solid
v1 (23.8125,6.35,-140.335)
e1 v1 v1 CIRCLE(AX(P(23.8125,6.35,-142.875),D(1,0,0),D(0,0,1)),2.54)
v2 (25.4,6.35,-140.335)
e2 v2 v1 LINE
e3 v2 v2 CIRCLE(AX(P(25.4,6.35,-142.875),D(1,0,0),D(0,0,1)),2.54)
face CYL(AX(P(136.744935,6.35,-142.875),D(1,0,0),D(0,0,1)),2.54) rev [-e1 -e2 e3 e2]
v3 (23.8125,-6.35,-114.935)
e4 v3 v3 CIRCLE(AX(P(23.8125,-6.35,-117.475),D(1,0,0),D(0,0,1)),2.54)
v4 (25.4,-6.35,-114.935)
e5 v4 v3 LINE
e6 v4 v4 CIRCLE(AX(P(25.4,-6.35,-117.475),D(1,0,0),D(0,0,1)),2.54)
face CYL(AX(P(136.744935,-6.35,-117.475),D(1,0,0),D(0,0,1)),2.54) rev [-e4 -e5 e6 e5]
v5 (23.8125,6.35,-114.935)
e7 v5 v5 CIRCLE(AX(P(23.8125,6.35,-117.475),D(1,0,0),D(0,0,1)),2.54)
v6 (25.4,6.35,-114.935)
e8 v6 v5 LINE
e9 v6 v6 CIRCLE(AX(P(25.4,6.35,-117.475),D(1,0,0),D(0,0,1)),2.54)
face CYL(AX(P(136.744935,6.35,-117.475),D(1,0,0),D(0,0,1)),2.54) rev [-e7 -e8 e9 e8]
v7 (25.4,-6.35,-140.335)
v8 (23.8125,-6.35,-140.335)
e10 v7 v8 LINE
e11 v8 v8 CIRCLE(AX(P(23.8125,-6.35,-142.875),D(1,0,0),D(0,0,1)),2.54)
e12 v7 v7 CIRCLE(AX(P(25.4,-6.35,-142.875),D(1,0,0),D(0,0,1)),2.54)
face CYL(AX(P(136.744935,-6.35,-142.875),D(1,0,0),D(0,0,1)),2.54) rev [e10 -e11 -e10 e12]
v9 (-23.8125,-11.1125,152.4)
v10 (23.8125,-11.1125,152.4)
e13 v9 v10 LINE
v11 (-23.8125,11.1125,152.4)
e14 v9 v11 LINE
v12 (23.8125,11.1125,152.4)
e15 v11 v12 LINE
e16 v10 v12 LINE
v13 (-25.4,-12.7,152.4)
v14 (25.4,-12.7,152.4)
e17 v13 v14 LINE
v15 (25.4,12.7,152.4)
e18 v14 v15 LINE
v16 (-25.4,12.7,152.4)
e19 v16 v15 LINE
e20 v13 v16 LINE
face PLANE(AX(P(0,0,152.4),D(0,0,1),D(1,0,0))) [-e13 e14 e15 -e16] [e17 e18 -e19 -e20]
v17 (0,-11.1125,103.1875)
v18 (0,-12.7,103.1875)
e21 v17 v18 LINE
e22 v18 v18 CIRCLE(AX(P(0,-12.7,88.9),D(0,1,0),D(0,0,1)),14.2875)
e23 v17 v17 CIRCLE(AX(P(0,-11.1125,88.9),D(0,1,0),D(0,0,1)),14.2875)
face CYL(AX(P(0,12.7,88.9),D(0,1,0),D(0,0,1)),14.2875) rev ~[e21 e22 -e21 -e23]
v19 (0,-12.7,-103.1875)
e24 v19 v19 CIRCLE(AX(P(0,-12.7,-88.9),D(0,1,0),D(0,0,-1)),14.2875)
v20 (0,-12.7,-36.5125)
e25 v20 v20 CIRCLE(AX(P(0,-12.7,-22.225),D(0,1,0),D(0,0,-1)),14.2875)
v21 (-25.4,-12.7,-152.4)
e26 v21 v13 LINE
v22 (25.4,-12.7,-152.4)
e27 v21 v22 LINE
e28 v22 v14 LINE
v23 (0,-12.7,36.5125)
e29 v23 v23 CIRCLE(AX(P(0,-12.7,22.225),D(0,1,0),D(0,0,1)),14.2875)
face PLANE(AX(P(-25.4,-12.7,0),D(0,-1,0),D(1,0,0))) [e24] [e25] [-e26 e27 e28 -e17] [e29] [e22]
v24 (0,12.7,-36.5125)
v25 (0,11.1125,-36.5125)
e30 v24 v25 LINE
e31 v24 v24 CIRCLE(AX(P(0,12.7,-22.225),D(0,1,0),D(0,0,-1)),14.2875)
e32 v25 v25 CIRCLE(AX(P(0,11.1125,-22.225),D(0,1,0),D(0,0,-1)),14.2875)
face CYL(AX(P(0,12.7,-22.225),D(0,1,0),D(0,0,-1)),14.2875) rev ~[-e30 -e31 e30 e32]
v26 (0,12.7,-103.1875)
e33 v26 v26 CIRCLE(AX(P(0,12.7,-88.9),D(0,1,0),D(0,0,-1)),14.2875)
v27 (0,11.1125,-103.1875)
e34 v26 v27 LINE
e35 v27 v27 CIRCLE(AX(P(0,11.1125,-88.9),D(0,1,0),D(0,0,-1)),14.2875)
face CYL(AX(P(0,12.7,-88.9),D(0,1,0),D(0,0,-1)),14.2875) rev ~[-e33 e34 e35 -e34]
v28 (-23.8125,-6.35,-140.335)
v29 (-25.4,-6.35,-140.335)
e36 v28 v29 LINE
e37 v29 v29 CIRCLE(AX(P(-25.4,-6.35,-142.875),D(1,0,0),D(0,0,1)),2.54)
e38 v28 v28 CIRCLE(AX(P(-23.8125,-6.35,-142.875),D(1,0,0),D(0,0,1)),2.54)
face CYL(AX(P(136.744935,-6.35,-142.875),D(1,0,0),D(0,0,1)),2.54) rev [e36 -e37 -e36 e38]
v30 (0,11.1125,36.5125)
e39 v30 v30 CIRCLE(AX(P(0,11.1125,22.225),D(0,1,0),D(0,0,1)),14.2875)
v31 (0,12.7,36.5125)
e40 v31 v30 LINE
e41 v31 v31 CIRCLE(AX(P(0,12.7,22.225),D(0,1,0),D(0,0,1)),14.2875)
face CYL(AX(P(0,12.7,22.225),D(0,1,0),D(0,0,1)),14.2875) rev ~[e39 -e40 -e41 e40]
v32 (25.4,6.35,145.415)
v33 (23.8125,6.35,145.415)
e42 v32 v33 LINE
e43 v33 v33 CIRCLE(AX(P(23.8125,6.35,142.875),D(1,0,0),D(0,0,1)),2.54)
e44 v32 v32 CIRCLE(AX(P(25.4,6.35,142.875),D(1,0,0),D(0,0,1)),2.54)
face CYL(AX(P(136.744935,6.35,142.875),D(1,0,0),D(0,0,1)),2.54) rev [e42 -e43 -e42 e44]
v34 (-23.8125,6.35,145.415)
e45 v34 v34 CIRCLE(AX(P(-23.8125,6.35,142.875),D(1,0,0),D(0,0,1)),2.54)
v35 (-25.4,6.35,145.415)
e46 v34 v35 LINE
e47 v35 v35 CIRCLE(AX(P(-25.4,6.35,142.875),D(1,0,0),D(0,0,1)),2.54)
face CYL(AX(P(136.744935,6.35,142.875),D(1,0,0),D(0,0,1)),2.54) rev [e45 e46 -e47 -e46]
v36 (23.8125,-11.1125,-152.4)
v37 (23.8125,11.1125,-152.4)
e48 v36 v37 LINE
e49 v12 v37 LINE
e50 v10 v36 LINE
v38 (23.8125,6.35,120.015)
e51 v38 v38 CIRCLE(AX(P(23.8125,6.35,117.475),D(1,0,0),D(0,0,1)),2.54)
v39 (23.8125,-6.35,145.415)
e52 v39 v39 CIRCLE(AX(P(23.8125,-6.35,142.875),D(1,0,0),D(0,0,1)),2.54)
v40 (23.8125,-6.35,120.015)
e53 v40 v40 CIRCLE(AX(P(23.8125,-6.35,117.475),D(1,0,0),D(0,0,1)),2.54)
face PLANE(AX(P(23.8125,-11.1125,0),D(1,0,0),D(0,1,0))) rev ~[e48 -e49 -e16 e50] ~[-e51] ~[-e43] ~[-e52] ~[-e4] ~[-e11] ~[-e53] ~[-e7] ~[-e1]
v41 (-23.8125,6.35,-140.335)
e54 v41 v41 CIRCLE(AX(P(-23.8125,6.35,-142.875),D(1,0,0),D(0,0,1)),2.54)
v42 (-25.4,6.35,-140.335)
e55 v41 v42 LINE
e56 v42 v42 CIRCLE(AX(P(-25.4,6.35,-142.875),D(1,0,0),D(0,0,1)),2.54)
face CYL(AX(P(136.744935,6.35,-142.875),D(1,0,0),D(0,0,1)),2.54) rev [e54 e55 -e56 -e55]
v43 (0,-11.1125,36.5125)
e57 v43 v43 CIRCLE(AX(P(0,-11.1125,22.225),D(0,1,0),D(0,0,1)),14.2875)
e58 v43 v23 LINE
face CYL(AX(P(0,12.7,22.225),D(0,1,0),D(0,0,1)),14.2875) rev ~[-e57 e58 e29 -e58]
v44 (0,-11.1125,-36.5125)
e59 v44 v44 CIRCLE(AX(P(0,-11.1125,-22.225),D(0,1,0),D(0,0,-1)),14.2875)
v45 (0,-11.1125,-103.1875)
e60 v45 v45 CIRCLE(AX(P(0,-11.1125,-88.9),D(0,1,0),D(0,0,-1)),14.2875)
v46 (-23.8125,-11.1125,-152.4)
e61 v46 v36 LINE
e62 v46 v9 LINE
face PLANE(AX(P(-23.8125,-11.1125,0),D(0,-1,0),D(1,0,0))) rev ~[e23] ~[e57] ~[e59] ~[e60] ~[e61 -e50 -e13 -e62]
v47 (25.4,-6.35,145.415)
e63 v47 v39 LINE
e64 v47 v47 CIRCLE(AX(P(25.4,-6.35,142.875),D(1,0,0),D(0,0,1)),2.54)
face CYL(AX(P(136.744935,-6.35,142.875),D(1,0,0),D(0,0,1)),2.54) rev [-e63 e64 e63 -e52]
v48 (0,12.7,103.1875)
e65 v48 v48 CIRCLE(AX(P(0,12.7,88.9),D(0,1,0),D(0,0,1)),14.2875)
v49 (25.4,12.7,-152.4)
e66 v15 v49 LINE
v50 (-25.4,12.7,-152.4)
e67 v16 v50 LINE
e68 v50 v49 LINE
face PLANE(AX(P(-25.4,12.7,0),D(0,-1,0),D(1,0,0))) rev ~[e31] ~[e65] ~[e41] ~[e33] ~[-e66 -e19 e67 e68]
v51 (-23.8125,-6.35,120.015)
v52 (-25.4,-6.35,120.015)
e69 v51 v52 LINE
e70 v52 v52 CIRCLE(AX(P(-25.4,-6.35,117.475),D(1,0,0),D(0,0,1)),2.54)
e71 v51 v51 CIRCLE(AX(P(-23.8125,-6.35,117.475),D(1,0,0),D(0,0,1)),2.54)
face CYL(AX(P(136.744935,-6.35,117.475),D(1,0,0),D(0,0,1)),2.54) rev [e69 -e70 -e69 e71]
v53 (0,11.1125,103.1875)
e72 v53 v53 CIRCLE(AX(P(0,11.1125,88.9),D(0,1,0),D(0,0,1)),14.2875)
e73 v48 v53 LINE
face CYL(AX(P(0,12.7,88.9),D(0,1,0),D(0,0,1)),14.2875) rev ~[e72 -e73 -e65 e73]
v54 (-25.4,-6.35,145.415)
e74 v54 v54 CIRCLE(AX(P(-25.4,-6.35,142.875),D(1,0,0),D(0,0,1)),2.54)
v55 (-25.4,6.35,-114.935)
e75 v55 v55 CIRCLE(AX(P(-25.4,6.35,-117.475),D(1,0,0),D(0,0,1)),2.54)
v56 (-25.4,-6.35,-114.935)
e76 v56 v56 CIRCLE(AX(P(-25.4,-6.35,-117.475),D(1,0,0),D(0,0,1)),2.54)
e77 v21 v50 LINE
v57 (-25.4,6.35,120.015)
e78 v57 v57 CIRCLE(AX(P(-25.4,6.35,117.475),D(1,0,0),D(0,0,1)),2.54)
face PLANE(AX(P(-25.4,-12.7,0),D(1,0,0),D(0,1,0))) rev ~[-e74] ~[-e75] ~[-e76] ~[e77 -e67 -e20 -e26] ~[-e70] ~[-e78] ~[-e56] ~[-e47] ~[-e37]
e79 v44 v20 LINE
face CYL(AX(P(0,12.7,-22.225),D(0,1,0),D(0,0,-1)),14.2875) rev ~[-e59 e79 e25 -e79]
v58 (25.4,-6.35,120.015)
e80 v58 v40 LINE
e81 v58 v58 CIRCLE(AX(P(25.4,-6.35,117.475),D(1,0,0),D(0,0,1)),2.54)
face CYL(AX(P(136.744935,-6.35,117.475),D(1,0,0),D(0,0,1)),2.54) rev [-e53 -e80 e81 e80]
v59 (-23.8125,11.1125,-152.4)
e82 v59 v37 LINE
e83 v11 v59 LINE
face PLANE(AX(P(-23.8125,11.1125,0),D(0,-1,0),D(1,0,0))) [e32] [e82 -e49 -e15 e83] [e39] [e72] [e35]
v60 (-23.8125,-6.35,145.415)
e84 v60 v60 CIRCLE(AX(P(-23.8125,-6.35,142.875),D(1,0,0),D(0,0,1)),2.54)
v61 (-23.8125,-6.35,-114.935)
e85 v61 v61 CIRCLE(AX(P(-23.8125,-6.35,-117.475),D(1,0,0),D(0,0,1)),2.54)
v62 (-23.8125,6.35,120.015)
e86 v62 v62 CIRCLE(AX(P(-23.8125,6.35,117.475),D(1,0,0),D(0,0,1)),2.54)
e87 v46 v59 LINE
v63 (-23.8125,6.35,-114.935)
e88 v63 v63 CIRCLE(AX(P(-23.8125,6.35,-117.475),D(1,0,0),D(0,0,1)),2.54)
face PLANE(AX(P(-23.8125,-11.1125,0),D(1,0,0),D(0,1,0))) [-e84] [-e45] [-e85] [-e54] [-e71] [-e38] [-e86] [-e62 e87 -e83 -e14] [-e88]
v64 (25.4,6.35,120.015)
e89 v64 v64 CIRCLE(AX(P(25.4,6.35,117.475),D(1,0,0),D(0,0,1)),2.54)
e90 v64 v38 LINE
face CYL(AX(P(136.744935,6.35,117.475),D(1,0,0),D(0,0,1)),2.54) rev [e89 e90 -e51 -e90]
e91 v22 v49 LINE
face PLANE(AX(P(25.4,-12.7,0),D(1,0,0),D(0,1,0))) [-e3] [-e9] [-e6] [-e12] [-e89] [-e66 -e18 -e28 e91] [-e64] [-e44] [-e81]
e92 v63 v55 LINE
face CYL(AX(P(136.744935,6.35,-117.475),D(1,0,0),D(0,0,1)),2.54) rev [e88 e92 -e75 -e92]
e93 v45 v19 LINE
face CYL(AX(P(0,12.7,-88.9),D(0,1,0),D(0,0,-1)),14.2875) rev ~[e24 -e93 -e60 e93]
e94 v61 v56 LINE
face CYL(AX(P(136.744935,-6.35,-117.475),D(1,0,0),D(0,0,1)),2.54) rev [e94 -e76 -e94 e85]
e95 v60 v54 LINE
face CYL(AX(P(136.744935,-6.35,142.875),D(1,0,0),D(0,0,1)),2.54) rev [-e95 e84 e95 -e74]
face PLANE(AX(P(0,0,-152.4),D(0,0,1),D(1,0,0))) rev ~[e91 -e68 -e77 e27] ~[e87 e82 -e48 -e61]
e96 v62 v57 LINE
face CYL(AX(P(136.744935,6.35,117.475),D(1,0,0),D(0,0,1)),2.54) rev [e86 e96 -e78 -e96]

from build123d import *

# Parameters (mm, degrees)
SKETCH2_W               = 50.8
SKETCH2_H               = 25.4
SKETCH2_W_2             = 47.625
SKETCH2_H_2             = 22.225
BOSS_EXTRUDE1_DEPTH     = 152.4
SKETCH3_R               = 14.2875
CUT_EXTRUDE1_DEPTH      = 157.576115675
CUT_EXTRUDE2_DEPTH      = 162.144934764
CUT_EXTRUDE2_DEPTH_BACK = 162.144934764
SKETCH4_R               = 2.54


with BuildPart() as part:
    # Sketch2 → Boss-Extrude1 (new, symmetric)
    with BuildSketch(Plane.XY):
        Rectangle(SKETCH2_W, SKETCH2_H)
        Rectangle(SKETCH2_W_2, SKETCH2_H_2, mode=Mode.SUBTRACT)
    extrude(amount=BOSS_EXTRUDE1_DEPTH, both=True)

    # Sketch3 → Cut-Extrude1 (cut, through all)
    with BuildSketch(Plane(origin=(0, 12.7, 0), x_dir=(1, 0, 0), z_dir=(0, 1, 0))):
        with Locations(Location((0, -88.9, 0), (0, 0, 270))):
            Circle(SKETCH3_R)
        with Locations(Location((0, -22.225, 0), (0, 0, 270))):
            Circle(SKETCH3_R)
        with Locations(Location((0, 22.225, 0), (0, 0, 90))):
            Circle(SKETCH3_R)
        with Locations(Location((0, 88.9, 0), (0, 0, 90))):
            Circle(SKETCH3_R)
    extrude(amount=-CUT_EXTRUDE1_DEPTH, mode=Mode.SUBTRACT)

    # Sketch4 → Cut-Extrude2 (cut, two sides: drawn at the far end of the back side and taken through both)
    with BuildSketch(Plane.ZY.offset(25.4).offset(-CUT_EXTRUDE2_DEPTH_BACK)):
        with Locations((-142.875, 6.35)):
            Circle(SKETCH4_R)
        with Locations((-142.875, -6.35)):
            Circle(SKETCH4_R)
        with Locations((-117.475, 6.35)):
            Circle(SKETCH4_R)
        with Locations((-117.475, -6.35)):
            Circle(SKETCH4_R)
        with Locations((117.475, -6.35)):
            Circle(SKETCH4_R)
        with Locations((117.475, 6.35)):
            Circle(SKETCH4_R)
        with Locations((142.875, -6.35)):
            Circle(SKETCH4_R)
        with Locations((142.875, 6.35)):
            Circle(SKETCH4_R)
    extrude(amount=CUT_EXTRUDE2_DEPTH + CUT_EXTRUDE2_DEPTH_BACK, mode=Mode.SUBTRACT)


solid = part.part
